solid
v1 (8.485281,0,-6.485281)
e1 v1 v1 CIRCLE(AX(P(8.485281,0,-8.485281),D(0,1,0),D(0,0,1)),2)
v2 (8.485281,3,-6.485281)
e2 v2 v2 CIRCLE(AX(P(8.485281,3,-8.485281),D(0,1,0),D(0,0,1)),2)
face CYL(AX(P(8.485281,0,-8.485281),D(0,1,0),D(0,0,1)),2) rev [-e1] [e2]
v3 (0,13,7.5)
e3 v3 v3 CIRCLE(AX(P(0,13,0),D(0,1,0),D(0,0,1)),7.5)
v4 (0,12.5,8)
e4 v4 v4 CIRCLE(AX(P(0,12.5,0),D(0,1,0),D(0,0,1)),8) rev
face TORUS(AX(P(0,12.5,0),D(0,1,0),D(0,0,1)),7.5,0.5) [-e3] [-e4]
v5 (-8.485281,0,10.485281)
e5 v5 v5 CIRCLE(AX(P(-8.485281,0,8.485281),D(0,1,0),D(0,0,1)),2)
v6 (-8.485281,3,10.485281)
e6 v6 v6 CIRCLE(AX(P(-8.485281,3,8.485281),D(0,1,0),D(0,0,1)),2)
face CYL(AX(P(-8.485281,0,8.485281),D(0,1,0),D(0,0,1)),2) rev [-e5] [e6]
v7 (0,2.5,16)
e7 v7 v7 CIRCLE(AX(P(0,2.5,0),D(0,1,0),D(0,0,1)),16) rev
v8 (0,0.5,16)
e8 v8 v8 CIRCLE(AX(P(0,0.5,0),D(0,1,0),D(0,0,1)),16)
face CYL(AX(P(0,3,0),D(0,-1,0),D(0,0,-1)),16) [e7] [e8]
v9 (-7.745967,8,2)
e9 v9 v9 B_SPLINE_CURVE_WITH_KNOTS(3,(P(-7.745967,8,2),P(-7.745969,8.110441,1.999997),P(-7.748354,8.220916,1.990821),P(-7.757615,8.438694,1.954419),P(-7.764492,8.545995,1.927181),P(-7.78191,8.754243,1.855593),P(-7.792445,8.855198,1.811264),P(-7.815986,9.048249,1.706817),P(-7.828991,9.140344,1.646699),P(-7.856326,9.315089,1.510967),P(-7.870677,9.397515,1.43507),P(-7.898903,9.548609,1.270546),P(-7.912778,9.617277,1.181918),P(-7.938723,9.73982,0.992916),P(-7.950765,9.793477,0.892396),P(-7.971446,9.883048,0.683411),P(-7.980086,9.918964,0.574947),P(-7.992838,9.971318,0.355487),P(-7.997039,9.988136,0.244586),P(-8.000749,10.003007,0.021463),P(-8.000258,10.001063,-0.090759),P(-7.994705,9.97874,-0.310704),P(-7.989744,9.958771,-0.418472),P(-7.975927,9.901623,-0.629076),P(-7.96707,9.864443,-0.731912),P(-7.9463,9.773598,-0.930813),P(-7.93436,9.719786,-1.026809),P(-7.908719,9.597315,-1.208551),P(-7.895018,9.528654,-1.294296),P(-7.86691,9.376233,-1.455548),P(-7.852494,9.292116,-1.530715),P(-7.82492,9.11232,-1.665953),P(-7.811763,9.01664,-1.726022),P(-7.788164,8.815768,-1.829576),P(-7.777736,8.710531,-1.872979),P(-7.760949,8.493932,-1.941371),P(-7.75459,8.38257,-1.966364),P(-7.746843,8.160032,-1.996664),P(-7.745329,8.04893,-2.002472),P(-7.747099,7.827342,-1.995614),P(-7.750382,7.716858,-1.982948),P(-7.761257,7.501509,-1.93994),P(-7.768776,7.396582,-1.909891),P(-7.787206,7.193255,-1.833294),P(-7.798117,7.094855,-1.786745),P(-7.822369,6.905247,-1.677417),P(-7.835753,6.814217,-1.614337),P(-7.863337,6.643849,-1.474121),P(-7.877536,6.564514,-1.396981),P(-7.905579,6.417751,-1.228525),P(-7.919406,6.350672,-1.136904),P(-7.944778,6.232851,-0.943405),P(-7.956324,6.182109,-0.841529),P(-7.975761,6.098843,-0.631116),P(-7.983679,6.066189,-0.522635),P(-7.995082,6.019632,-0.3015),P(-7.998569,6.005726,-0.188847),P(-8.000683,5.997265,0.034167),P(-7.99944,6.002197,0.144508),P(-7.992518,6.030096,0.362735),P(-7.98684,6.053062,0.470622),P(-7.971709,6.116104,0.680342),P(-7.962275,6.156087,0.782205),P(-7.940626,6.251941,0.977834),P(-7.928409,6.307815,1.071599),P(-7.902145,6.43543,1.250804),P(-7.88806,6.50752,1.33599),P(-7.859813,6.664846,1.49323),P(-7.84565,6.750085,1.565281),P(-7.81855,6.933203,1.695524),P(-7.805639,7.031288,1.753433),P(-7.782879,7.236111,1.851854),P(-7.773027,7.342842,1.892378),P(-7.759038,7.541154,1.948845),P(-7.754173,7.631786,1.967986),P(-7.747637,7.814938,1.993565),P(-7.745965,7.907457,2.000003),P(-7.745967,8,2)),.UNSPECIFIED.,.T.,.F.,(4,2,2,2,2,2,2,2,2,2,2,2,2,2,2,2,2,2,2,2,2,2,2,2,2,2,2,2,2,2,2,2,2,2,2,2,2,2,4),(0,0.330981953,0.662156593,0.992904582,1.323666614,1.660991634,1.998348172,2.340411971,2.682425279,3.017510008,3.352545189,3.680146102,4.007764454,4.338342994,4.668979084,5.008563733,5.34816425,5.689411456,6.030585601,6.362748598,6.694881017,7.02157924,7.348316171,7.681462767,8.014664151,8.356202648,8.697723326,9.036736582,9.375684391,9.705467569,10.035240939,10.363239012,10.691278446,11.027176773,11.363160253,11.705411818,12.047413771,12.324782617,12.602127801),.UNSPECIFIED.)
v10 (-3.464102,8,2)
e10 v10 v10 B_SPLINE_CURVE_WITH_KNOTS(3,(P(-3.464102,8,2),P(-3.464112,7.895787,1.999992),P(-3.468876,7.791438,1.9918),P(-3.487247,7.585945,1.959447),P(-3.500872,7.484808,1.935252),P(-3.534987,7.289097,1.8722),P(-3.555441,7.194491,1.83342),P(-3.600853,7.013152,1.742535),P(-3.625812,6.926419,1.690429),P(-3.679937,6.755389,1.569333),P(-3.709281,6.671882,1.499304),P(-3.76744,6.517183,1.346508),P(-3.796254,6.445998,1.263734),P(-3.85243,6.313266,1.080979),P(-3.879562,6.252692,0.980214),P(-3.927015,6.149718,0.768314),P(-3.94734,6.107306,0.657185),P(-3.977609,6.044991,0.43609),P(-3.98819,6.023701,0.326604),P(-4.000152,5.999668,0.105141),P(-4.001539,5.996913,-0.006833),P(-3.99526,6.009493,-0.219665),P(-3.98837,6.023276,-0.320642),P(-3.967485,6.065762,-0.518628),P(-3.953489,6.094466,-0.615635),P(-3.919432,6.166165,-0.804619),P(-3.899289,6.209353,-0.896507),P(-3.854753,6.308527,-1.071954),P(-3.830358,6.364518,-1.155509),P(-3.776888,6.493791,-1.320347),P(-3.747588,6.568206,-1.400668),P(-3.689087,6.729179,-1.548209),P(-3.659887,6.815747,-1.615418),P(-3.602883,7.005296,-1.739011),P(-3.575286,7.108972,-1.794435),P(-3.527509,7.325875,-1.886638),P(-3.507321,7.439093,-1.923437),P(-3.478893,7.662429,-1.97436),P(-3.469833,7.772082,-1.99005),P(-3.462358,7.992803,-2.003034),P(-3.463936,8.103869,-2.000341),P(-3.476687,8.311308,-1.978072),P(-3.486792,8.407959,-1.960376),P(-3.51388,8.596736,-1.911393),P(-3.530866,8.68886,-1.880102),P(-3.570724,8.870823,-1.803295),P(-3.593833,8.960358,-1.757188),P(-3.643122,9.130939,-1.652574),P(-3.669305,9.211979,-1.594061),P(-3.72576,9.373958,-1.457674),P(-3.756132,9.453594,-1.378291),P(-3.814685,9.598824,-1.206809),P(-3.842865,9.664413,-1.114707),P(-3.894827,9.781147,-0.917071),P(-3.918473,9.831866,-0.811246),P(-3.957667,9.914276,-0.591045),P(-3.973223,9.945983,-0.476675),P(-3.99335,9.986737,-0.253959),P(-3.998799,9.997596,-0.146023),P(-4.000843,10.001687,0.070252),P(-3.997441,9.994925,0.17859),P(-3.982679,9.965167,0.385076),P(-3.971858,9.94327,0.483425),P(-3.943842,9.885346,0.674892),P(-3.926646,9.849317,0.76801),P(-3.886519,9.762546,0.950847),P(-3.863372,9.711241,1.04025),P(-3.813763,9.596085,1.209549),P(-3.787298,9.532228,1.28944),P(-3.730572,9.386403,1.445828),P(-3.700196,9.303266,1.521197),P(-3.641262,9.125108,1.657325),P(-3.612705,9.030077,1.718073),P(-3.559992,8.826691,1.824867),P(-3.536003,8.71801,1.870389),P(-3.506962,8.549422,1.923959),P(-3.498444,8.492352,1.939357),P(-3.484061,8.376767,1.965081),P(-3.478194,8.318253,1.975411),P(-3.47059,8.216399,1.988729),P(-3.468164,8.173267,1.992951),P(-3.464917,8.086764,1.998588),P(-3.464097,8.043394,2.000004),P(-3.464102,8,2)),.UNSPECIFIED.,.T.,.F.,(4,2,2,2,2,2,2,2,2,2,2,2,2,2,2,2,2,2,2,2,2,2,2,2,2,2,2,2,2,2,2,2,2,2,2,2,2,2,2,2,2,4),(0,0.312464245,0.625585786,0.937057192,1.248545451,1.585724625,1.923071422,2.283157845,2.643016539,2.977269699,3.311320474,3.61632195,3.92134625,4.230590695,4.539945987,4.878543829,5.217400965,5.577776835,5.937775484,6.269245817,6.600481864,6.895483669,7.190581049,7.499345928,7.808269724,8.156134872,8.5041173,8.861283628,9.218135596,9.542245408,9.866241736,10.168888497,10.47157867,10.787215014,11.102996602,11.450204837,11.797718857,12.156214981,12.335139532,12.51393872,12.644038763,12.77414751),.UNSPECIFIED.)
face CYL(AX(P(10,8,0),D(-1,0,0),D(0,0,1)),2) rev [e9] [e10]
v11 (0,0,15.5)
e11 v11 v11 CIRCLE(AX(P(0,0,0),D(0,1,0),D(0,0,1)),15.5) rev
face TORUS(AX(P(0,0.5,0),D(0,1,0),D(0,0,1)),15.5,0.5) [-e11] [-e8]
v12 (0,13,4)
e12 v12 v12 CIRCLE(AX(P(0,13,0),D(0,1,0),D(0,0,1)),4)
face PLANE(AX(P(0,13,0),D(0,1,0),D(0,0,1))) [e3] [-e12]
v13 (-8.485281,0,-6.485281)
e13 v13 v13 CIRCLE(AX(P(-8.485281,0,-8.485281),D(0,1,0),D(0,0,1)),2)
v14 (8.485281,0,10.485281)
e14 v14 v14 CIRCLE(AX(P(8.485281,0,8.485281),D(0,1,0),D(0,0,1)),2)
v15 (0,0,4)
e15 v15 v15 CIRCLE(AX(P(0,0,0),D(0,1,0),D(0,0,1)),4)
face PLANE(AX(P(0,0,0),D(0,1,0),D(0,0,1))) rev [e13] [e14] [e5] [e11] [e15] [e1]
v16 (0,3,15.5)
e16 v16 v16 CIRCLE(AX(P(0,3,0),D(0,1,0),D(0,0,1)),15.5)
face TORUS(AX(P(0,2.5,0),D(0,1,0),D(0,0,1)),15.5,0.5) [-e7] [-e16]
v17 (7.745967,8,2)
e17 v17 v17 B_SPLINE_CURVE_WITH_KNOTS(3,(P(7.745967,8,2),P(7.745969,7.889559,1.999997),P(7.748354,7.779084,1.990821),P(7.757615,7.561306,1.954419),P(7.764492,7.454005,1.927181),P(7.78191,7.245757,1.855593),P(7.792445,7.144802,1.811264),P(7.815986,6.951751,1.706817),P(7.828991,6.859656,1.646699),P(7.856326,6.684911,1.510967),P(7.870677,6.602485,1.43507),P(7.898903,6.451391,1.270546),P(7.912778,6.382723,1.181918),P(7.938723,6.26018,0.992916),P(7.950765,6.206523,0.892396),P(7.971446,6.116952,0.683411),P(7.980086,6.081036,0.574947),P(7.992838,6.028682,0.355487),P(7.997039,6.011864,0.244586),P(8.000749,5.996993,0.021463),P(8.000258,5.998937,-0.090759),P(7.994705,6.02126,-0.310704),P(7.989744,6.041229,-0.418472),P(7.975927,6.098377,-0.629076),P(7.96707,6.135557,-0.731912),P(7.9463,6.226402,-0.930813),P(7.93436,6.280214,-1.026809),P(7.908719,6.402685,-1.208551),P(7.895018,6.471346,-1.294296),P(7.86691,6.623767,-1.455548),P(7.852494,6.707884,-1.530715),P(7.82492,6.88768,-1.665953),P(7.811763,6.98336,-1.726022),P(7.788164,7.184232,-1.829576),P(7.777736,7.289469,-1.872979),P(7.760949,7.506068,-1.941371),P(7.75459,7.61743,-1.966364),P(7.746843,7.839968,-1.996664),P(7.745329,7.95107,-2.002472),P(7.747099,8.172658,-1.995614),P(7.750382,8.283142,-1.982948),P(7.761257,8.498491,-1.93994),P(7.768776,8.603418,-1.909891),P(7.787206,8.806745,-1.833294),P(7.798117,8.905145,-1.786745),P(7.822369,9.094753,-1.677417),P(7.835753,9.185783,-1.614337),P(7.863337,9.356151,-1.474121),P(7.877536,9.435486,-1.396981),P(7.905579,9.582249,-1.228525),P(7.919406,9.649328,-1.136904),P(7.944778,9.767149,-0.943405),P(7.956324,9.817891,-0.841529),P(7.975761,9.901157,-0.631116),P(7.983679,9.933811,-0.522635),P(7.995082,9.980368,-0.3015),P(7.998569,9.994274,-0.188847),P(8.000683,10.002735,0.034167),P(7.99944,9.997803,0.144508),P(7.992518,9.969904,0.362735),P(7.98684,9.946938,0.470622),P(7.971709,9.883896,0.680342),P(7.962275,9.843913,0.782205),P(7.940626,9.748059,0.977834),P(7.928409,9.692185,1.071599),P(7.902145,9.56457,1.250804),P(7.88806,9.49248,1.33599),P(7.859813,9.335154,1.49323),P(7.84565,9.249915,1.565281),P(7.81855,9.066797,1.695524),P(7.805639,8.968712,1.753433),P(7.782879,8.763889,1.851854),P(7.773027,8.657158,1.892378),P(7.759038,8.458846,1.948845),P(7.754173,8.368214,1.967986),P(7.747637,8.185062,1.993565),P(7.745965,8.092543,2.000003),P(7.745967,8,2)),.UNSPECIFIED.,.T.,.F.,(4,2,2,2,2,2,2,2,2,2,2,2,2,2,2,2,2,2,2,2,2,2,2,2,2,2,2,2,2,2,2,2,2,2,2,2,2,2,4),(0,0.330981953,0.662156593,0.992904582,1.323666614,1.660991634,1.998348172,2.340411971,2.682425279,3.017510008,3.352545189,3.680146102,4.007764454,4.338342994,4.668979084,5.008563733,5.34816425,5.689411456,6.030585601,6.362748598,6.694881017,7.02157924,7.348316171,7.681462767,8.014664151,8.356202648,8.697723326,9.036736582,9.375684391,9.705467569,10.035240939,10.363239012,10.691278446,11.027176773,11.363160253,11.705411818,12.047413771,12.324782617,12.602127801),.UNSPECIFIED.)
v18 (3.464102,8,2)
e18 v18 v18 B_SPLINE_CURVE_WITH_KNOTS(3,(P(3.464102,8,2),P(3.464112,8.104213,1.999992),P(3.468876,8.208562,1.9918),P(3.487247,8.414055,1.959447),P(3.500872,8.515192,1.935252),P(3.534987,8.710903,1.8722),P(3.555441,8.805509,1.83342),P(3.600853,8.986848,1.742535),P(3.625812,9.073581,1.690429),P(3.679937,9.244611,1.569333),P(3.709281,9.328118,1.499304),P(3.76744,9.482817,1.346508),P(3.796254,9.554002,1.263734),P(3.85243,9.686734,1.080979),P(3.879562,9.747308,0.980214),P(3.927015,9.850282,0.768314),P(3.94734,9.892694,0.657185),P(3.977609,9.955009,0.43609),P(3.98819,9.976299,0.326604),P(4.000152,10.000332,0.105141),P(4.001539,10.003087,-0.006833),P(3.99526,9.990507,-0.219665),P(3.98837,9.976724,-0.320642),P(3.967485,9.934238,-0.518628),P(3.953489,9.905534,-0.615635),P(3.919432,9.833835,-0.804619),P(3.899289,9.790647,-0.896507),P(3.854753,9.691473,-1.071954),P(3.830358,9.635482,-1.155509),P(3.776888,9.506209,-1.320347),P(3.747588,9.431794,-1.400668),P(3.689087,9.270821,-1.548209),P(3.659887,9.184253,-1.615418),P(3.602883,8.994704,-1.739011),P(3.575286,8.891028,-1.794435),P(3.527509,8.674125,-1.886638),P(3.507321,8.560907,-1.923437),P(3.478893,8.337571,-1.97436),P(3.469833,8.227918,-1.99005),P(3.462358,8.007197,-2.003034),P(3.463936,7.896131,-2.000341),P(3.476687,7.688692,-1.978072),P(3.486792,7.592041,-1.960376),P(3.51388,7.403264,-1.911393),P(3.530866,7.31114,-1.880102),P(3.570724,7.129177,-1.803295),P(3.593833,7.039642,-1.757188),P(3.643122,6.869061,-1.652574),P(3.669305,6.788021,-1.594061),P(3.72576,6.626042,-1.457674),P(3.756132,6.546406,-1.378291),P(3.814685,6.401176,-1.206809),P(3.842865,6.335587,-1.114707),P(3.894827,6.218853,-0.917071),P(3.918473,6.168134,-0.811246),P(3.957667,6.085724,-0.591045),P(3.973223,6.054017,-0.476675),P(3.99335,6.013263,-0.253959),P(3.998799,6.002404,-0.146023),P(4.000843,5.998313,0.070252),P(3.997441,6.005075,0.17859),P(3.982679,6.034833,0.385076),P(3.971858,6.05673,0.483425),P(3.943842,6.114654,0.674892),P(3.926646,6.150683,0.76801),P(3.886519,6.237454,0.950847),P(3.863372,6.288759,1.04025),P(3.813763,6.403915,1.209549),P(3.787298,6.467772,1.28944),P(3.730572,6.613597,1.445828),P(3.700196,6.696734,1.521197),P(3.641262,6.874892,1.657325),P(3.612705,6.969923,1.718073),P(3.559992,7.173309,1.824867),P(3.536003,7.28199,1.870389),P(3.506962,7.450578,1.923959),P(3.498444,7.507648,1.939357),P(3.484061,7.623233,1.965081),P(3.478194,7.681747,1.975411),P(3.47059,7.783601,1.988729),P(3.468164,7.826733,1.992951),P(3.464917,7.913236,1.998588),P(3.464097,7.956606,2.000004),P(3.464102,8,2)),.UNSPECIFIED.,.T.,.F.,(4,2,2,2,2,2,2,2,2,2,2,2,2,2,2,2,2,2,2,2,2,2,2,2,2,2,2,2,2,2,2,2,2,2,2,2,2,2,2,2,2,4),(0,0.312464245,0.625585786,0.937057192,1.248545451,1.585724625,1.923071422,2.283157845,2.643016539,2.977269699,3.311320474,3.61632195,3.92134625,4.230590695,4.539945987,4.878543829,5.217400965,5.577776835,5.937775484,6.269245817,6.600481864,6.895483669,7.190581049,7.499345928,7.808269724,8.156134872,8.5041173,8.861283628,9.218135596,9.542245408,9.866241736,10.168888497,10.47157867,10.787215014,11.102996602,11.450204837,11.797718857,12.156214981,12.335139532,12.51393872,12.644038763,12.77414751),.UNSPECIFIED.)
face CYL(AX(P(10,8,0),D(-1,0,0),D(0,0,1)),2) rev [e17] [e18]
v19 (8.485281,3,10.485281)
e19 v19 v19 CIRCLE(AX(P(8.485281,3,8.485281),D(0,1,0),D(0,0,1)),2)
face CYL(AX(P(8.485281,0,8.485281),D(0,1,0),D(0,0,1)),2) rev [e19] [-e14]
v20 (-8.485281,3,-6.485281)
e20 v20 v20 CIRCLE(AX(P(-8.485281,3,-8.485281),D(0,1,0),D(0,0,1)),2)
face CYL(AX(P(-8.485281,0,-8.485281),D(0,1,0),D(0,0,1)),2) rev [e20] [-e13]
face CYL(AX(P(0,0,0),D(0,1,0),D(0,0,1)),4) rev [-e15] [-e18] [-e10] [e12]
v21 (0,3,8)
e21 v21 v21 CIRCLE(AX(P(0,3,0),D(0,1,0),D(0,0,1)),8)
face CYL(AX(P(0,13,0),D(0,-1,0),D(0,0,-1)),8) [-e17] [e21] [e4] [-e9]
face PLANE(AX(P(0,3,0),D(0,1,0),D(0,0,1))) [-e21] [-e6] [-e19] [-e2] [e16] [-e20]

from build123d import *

# Parameters (mm, degrees)
SKETCH1_R               = 16
BOSS_EXTRUDE1_DEPTH     = 3
SKETCH2_R               = 8
BOSS_EXTRUDE2_DEPTH     = 10
SKETCH3_R               = 4
CUT_EXTRUDE1_DEPTH      = 13
SKETCH4_R               = 2
CUT_EXTRUDE3_DEPTH      = 3
CUT_EXTRUDE4_DEPTH      = 10
CUT_EXTRUDE4_DEPTH_BACK = 24
SKETCH6_R               = 2
FILLET1_R               = 0.5
FILLET3_R               = 0.5


with BuildPart() as part:
    # Sketch1 → Boss-Extrude1 (new body)
    with BuildSketch(Plane(origin=(0, 0, 0), x_dir=(1, 0, 0), z_dir=(0, 1, 0))):
        with Locations(Location((0, 0, 0), (0, 0, 270))):
            Circle(SKETCH1_R)
    extrude(amount=BOSS_EXTRUDE1_DEPTH)

    # Sketch2 → Boss-Extrude2 (add)
    with BuildSketch(Plane(origin=(0, 3, 0), x_dir=(1, 0, 0), z_dir=(0, 1, 0))):
        with Locations(Location((0, 0, 0), (0, 0, 270))):
            Circle(SKETCH2_R)
    extrude(amount=BOSS_EXTRUDE2_DEPTH)

    # Sketch3 → Cut-Extrude1 (cut)
    with BuildSketch(Plane(origin=(0, 13, 0), x_dir=(1, 0, 0), z_dir=(0, 1, 0))):
        with Locations(Location((0, 0, 0), (0, 0, 270))):
            Circle(SKETCH3_R)
    extrude(amount=-CUT_EXTRUDE1_DEPTH, mode=Mode.SUBTRACT)

    # Sketch4 → Cut-Extrude3 (cut)
    with BuildSketch(Plane(origin=(0, 3, 0), x_dir=(1, 0, 0), z_dir=(0, 1, 0))):
        with Locations(Location((8.485281374, 8.485281374, 0), (0, 0, 270))):
            Circle(SKETCH4_R)
        with Locations(Location((8.485281374, -8.485281374, 0), (0, 0, 270))):
            Circle(SKETCH4_R)
        with Locations(Location((-8.485281374, -8.485281374, 0), (0, 0, 270))):
            Circle(SKETCH4_R)
        with Locations(Location((-8.485281374, 8.485281374, 0), (0, 0, 270))):
            Circle(SKETCH4_R)
    extrude(amount=-CUT_EXTRUDE3_DEPTH, mode=Mode.SUBTRACT)

    # Sketch6 → Cut-Extrude4 (cut, two sides: drawn at the far end of the back side and taken through both)
    with BuildSketch(Plane(origin=(0, 0, 0), x_dir=(0, 0, -1), z_dir=(1, 0, 0)).offset(-CUT_EXTRUDE4_DEPTH_BACK)):
        with Locations(Location((0, 8, 0), (0, 0, 180))):
            Circle(SKETCH6_R)
    extrude(amount=CUT_EXTRUDE4_DEPTH + CUT_EXTRUDE4_DEPTH_BACK, mode=Mode.SUBTRACT)

    # Fillet1
    fillet1_edges = [part.edges().sort_by_distance(p)[0] for p in [
        (0, 0, -16),
    ]]
    fillet(fillet1_edges, radius=FILLET1_R)

    # Fillet3
    fillet3_edges = [part.edges().sort_by_distance(p)[0] for p in [
        (0, 3, -16),
        (0, 13, -8),
    ]]
    fillet(fillet3_edges, radius=FILLET3_R)


solid = part.part
